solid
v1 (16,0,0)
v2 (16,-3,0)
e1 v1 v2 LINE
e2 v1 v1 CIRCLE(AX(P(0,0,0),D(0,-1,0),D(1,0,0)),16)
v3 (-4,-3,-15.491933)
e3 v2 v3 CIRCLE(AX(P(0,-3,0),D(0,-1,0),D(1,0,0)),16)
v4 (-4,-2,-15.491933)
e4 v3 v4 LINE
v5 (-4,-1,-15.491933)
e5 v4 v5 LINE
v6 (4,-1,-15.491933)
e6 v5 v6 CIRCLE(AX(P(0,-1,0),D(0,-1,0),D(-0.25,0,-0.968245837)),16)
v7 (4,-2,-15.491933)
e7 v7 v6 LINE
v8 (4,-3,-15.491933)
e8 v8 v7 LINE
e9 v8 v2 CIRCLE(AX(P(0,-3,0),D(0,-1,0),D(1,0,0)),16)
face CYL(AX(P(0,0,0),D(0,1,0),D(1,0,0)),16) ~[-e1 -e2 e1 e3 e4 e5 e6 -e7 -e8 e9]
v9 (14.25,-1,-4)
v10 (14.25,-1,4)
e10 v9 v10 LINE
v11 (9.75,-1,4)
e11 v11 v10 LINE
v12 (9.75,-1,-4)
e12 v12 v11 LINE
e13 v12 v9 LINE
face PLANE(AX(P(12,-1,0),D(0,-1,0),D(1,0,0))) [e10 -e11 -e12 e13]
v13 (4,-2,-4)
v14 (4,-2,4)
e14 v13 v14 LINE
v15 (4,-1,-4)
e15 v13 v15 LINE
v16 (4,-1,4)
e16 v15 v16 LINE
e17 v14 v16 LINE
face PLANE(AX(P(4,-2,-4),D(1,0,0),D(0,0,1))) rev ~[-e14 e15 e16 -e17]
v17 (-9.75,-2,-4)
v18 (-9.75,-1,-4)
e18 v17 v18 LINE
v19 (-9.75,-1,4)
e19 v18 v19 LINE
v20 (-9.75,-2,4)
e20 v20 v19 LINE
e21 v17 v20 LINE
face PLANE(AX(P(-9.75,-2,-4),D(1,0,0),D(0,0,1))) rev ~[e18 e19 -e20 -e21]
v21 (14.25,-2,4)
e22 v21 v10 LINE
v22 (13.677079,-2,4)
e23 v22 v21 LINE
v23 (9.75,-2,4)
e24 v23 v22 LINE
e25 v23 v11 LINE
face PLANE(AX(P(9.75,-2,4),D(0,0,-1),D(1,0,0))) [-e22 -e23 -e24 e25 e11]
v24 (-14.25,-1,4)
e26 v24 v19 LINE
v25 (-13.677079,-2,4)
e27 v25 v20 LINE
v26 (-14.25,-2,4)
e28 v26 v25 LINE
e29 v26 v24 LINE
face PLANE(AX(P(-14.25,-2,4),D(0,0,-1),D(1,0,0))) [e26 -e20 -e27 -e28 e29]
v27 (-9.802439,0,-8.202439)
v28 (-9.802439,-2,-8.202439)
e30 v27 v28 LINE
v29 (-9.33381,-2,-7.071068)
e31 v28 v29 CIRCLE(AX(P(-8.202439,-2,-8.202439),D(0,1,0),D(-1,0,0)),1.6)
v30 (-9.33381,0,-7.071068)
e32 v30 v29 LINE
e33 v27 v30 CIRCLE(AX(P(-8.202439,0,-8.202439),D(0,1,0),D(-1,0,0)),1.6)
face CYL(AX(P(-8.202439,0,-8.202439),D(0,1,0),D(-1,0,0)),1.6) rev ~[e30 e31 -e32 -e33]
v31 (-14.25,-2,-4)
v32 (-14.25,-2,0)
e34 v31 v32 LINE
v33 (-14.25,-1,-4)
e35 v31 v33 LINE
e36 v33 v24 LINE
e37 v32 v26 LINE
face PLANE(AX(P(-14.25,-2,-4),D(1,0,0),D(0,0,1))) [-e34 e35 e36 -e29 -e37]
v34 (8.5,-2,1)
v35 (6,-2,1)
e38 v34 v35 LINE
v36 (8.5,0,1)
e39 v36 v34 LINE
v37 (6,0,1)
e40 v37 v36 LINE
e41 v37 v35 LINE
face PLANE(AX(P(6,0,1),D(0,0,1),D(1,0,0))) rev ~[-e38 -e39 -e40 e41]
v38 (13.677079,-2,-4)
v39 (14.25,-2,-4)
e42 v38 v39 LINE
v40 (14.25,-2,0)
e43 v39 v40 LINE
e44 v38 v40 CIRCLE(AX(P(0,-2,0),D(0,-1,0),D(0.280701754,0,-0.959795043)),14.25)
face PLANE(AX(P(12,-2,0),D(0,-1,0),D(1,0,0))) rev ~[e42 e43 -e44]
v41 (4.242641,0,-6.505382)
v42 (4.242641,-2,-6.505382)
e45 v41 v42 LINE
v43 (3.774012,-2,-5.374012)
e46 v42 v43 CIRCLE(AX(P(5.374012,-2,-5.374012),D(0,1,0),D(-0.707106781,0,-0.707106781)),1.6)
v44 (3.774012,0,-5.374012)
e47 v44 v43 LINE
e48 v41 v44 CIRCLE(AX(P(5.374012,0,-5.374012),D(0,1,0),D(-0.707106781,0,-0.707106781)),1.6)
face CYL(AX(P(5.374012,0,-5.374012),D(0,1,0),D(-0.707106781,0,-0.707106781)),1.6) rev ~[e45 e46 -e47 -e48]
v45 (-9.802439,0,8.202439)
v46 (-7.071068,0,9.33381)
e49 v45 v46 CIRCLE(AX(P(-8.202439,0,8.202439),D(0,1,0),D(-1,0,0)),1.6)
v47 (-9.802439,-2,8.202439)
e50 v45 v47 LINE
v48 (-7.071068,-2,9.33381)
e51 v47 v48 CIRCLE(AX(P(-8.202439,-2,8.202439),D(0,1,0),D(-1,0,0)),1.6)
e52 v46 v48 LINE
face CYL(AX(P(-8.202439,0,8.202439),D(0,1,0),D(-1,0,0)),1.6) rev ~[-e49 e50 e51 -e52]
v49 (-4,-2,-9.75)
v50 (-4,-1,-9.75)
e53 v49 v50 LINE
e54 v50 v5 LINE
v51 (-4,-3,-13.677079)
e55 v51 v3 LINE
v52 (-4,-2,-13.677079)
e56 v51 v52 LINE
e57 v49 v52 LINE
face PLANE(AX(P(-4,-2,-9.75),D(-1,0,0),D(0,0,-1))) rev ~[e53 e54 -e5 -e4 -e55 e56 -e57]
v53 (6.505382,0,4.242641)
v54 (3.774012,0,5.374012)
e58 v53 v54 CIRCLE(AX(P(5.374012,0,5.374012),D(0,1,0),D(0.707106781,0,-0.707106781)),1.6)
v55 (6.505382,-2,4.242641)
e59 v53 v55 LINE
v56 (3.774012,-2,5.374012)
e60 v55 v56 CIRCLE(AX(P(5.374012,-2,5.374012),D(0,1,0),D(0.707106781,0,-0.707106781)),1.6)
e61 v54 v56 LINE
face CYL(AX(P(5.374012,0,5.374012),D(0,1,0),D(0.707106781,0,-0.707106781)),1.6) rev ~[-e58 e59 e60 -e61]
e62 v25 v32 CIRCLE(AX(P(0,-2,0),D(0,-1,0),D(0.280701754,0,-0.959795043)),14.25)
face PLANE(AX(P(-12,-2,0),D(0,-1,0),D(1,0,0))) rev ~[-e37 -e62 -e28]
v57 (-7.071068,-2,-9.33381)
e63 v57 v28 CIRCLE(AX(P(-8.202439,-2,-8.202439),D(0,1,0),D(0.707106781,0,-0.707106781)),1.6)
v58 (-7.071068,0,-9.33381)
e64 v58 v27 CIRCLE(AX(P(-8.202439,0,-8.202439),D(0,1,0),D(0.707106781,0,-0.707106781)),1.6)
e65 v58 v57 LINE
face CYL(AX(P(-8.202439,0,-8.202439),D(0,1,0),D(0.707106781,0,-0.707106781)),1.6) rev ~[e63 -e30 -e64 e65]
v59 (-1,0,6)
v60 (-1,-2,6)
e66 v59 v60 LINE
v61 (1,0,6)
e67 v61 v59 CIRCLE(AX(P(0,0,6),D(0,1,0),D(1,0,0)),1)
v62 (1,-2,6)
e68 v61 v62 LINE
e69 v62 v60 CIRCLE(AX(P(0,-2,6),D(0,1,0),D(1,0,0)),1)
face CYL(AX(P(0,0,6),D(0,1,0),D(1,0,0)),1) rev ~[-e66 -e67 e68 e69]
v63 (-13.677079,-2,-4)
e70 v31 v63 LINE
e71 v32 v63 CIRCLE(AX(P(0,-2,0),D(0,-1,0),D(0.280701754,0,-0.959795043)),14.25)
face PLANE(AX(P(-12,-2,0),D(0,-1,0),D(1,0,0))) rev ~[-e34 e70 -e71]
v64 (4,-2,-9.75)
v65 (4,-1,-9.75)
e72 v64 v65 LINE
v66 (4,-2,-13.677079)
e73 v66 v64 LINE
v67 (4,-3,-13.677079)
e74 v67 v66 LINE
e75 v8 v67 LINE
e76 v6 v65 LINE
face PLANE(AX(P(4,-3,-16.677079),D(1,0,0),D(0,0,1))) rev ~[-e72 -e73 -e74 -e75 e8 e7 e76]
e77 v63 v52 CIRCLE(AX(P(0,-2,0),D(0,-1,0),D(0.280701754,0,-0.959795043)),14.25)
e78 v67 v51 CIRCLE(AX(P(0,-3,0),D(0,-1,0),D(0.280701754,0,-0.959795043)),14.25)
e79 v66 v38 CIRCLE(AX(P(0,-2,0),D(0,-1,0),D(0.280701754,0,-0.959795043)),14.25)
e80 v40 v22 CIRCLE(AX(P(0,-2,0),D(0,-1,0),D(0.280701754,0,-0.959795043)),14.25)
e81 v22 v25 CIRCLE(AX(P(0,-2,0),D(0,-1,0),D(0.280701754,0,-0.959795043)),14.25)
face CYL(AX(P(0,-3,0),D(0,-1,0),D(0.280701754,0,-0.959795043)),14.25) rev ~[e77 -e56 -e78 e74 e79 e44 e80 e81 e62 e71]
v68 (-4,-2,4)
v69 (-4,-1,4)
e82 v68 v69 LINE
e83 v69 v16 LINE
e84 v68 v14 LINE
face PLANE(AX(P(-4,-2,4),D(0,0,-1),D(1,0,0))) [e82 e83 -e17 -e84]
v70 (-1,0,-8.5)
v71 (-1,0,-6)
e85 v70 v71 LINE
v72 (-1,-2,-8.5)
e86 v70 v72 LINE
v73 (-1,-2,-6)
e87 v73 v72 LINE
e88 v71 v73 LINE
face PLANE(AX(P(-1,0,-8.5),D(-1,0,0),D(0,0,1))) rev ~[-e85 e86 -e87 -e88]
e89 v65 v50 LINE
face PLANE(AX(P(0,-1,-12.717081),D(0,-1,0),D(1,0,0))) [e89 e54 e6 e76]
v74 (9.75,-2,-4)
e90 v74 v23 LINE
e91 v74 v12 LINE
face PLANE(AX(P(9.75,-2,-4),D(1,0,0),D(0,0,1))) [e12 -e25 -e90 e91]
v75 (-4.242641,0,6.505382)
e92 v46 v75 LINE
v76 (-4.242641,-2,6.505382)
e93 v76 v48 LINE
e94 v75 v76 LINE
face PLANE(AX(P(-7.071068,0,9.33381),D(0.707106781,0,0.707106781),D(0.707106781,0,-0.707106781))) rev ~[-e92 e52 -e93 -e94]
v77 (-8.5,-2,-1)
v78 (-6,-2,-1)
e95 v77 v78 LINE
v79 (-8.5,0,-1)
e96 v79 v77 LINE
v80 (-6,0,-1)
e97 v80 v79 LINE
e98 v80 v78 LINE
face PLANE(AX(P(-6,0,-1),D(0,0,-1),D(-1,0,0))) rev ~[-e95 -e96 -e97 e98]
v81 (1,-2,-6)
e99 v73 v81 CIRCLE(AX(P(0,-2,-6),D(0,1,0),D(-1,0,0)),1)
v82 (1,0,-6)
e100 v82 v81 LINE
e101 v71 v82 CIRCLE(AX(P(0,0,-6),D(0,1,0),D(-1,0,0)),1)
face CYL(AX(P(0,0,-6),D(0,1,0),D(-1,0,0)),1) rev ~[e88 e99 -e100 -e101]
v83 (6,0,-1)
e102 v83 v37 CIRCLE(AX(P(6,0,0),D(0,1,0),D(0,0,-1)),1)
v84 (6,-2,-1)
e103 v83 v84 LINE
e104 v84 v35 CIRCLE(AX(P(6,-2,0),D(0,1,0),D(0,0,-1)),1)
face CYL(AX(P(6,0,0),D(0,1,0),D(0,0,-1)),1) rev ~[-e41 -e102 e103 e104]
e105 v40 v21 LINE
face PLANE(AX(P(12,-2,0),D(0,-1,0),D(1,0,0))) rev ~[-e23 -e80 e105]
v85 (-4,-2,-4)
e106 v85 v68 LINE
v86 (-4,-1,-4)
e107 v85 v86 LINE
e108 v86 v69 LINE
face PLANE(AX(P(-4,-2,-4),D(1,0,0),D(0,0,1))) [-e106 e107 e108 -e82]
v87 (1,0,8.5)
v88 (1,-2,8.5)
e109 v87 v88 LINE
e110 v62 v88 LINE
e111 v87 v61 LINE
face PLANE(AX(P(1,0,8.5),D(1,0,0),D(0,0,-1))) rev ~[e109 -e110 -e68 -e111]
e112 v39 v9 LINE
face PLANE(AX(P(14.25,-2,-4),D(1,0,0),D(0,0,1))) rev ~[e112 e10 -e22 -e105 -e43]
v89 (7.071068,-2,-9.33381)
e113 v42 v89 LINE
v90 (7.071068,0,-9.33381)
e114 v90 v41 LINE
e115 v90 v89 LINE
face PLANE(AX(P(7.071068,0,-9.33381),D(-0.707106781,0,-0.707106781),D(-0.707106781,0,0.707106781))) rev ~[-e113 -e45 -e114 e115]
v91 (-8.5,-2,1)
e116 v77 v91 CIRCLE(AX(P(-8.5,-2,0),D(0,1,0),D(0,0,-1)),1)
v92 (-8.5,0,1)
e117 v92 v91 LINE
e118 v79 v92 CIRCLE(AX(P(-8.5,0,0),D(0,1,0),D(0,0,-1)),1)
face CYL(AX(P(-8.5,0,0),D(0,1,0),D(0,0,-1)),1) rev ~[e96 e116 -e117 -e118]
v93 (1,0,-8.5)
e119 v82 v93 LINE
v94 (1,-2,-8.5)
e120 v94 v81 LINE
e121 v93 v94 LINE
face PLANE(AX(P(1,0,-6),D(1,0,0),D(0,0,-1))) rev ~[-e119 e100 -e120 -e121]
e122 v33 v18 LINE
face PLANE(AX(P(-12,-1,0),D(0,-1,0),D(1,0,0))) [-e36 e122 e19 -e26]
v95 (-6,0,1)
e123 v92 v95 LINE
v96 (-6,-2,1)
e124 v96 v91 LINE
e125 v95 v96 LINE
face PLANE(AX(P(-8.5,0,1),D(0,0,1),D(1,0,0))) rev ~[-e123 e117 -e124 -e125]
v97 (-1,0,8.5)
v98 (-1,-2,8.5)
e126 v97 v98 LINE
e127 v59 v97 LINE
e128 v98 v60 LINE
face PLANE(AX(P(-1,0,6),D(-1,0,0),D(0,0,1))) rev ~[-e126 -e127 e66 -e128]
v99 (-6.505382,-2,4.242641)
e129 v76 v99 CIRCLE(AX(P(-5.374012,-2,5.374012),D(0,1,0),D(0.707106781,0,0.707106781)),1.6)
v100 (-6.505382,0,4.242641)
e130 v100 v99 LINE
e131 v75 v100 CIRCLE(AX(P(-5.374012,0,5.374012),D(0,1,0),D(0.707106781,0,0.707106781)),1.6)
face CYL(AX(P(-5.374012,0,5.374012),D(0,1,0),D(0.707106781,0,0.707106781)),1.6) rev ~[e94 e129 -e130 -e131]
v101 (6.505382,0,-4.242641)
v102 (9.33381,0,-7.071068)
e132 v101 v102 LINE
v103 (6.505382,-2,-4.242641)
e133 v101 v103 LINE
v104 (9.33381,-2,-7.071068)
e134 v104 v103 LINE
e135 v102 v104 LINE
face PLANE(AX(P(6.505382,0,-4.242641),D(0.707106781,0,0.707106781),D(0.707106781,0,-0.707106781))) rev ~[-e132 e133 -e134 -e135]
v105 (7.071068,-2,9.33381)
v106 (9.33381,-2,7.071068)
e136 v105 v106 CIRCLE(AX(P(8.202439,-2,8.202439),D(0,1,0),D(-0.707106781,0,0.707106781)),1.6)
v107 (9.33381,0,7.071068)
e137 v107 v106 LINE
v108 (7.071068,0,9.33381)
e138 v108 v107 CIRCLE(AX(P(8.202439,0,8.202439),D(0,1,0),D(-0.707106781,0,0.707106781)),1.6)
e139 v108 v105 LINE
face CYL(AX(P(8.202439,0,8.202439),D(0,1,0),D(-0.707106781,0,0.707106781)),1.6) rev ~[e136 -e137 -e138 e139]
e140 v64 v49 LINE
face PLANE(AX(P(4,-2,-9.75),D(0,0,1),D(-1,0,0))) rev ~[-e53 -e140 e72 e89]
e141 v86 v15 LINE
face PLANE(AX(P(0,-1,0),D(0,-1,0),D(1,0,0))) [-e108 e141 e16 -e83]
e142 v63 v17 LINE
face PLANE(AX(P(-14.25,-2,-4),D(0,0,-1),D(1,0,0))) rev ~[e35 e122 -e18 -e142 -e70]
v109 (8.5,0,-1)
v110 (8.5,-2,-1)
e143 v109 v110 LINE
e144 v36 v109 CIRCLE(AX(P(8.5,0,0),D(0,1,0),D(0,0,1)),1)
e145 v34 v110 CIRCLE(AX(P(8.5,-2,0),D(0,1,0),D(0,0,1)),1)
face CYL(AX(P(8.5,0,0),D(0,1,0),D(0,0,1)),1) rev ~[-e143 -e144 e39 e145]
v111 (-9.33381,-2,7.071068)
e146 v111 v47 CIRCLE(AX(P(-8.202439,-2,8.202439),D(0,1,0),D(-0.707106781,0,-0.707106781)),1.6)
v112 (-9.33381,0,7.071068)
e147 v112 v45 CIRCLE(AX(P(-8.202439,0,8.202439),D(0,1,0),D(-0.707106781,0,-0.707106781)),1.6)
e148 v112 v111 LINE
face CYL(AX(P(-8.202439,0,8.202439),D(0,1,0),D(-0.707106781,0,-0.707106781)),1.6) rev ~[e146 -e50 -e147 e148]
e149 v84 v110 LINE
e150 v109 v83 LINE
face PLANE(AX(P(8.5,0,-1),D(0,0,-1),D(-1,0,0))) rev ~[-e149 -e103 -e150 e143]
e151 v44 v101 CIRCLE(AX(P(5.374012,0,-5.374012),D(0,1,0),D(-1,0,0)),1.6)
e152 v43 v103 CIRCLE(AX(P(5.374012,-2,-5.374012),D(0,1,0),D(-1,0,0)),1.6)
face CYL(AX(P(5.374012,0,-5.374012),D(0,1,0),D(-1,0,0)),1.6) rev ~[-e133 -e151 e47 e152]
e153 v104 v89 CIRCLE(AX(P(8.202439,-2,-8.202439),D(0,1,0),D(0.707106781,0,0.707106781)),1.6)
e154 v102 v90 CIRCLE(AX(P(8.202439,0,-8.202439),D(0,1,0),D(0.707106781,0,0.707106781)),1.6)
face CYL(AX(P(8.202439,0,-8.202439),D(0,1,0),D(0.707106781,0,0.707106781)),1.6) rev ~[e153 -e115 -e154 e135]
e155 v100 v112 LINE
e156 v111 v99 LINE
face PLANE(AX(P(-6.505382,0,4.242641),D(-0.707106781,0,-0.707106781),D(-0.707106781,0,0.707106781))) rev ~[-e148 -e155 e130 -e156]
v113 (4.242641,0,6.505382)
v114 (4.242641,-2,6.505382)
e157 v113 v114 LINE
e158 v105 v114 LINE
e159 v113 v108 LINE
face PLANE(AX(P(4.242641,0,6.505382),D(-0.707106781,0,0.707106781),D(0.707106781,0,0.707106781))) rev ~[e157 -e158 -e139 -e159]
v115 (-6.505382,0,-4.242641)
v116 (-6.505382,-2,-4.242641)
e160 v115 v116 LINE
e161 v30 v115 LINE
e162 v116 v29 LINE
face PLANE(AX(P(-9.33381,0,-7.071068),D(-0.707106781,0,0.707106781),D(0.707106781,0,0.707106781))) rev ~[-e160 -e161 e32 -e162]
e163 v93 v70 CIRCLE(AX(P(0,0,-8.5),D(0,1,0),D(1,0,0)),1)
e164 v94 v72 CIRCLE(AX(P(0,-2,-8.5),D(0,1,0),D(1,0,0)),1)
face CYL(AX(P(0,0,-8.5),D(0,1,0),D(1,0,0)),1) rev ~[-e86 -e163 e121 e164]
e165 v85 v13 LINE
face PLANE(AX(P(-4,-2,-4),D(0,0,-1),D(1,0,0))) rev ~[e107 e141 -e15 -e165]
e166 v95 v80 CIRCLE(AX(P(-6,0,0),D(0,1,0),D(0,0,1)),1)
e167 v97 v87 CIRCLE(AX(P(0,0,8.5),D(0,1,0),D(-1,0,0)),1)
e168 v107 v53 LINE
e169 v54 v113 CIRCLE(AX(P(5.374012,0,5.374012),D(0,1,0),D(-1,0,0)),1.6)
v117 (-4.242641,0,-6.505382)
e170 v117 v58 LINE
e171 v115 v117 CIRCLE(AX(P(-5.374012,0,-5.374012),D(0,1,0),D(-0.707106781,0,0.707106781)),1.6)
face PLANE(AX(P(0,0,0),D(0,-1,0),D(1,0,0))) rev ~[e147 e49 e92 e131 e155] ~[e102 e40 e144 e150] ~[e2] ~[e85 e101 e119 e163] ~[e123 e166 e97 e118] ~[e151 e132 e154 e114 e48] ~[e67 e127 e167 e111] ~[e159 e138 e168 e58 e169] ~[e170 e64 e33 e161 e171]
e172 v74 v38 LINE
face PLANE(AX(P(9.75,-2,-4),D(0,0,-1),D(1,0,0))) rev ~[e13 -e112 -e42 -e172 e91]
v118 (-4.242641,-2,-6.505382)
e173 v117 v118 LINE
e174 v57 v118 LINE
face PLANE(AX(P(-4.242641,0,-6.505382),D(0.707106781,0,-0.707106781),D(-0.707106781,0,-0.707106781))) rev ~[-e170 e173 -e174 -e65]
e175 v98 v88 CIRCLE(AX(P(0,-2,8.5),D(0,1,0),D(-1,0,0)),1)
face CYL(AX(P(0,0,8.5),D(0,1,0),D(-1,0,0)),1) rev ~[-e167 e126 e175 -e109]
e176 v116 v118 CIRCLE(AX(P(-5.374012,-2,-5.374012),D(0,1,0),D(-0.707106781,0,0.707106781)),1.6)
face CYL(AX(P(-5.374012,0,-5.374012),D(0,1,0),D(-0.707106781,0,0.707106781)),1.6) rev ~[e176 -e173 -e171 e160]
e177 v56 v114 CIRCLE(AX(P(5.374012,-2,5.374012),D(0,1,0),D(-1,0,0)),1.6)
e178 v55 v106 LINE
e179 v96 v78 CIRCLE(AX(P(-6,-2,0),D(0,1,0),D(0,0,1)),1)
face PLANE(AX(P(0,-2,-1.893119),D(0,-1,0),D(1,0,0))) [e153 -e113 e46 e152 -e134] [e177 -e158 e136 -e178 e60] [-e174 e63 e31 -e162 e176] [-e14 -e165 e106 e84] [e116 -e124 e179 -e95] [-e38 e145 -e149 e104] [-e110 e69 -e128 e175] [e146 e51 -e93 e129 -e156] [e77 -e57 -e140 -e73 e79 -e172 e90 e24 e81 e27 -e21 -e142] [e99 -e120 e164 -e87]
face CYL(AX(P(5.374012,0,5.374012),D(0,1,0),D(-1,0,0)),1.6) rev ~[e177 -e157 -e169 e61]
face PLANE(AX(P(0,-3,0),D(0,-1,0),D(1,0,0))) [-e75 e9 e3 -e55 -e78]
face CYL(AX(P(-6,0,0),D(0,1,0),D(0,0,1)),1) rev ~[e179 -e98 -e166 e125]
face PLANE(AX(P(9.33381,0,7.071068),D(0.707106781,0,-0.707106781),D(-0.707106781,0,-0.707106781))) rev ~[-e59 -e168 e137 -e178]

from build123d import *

# Parameters (mm, degrees)
F0_R     = 16
F1_DEPTH = 3
F3_DEPTH = 1
F4_W     = 8
F4_H     = 8
F4_W_2   = 4.5
F5_DEPTH = 1
F7_DEPTH = 3.001
F9_DEPTH = 3.001


with BuildPart() as f1:
    # F0 (on Front) → F1 (new body)
    with BuildSketch(Plane.XZ):
        Circle(F0_R)
    extrude(amount=F1_DEPTH)

    # F2 (on face) → F3 (cut)
    with BuildSketch(Plane.XZ.offset(3)):
        with BuildLine():
            Line((4, -16.6770793666), (4, -13.6770793666))
            ThreePointArc((4, -13.6770793666), (0, 14.25), (-4, -13.6770793666))
            Line((-4, -13.6770793666), (-4, -16.6770793666))
            Line((-4, -16.6770793666), (4, -16.6770793666))
        make_face()
    extrude(amount=-F3_DEPTH, mode=Mode.SUBTRACT)

    # F4 (on face) → F5 (cut)
    with BuildSketch(Plane.XZ.offset(2)):
        Rectangle(F4_W, F4_H)
        with Locations((-12, 0)):
            Rectangle(F4_W_2, F4_H)
        with Locations((12, 0)):
            Rectangle(F4_W_2, F4_H)
        with BuildLine():
            Line((4, -13.6770793666), (4, -9.75))
            Line((4, -9.75), (-4, -9.75))
            Line((-4, -9.75), (-4, -13.6770793666))
            Line((-4, -13.6770793666), (-4, -14.25))
            Line((-4, -14.25), (-4, -15.4919333848))
            ThreePointArc((-4, -15.4919333848), (0, -16), (4, -15.4919333848))
            Line((4, -15.4919333848), (4, -14.25))
            Line((4, -14.25), (4, -13.6770793666))
        make_face()
    extrude(amount=-F5_DEPTH, mode=Mode.SUBTRACT)

    # F6 (on face) → F7 (cut, through all)
    with BuildSketch(Plane(origin=(0, 0, 0), x_dir=(-1, 0, 0), z_dir=(0, 1, 0))):
        with BuildLine():
            Line((1, 6), (1, 8.5))
            ThreePointArc((1, 8.5), (0, 9.5), (-1, 8.5))
            Line((-1, 8.5), (-1, 6))
            ThreePointArc((-1, 6), (0, 5), (1, 6))
        make_face()
        with BuildLine():
            ThreePointArc((-8.5, 1), (-9.5, 0), (-8.5, -1))
            Line((-8.5, -1), (-6, -1))
            ThreePointArc((-6, -1), (-5, 0), (-6, 1))
            Line((-6, 1), (-8.5, 1))
        make_face()
        with BuildLine():
            ThreePointArc((-1, -8.5), (0, -9.5), (1, -8.5))
            Line((1, -8.5), (1, -6))
            ThreePointArc((1, -6), (0, -5), (-1, -6))
            Line((-1, -6), (-1, -8.5))
        make_face()
        with BuildLine():
            ThreePointArc((8.5, -1), (9.5, 0), (8.5, 1))
            Line((8.5, 1), (6, 1))
            ThreePointArc((6, 1), (5, 0), (6, -1))
            Line((6, -1), (8.5, -1))
        make_face()
    extrude(amount=-F7_DEPTH, mode=Mode.SUBTRACT)

    # F8 (on face) → F9 (cut, through all)
    with BuildSketch(Plane(origin=(0, 0, 0), x_dir=(-1, 0, 0), z_dir=(0, 1, 0))):
        with BuildLine():
            ThreePointArc((-7.0710678119, -9.3338095117), (-6.7242314097, -8.8147321535), (-6.6024386618, -8.2024386618))
            ThreePointArc((-6.6024386618, -8.2024386618), (-7.59014517, -6.7242314097), (-9.3338095117, -7.0710678119))
            ThreePointArc((-9.3338095117, -7.0710678119), (-9.3338095117, -9.3338095117), (-7.0710678119, -9.3338095117))
        make_face()
        with BuildLine():
            ThreePointArc((-9.3338095117, -7.0710678119), (-7.59014517, -6.7242314097), (-6.6024386618, -8.2024386618))
            ThreePointArc((-6.6024386618, -8.2024386618), (-6.7242314097, -8.8147321535), (-7.0710678119, -9.3338095117))
            Line((-7.0710678119, -9.3338095117), (-4.2426406871, -6.5053823869))
            ThreePointArc((-4.2426406871, -6.5053823869), (-6.5053823869, -6.5053823869), (-6.5053823869, -4.2426406871))
            Line((-6.5053823869, -4.2426406871), (-9.3338095117, -7.0710678119))
        make_face()
        with BuildLine():
            ThreePointArc((-3.774011537, -5.374011537), (-4.7617180452, -3.895804285), (-6.5053823869, -4.2426406871))
            ThreePointArc((-6.5053823869, -4.2426406871), (-6.5053823869, -6.5053823869), (-4.2426406871, -6.5053823869))
            ThreePointArc((-4.2426406871, -6.5053823869), (-3.895804285, -5.9863050288), (-3.774011537, -5.374011537))
        make_face()
        with BuildLine():
            Line((9.3338095117, -7.0710678119), (6.5053823869, -4.2426406871))
            ThreePointArc((6.5053823869, -4.2426406871), (6.852218789, -4.7617180452), (6.974011537, -5.374011537))
            ThreePointArc((6.974011537, -5.374011537), (5.9863050288, -6.852218789), (4.2426406871, -6.5053823869))
            Line((4.2426406871, -6.5053823869), (7.0710678119, -9.3338095117))
            ThreePointArc((7.0710678119, -9.3338095117), (7.0710678119, -7.0710678119), (9.3338095117, -7.0710678119))
        make_face()
        with BuildLine():
            ThreePointArc((6.974011537, -5.374011537), (6.852218789, -4.7617180452), (6.5053823869, -4.2426406871))
            ThreePointArc((6.5053823869, -4.2426406871), (4.2426406871, -4.2426406871), (4.2426406871, -6.5053823869))
            ThreePointArc((4.2426406871, -6.5053823869), (5.9863050288, -6.852218789), (6.974011537, -5.374011537))
        make_face()
        with BuildLine():
            ThreePointArc((9.8024386618, -8.2024386618), (9.6806459138, -7.59014517), (9.3338095117, -7.0710678119))
            ThreePointArc((9.3338095117, -7.0710678119), (7.0710678119, -7.0710678119), (7.0710678119, -9.3338095117))
            ThreePointArc((7.0710678119, -9.3338095117), (8.8147321535, -9.6806459138), (9.8024386618, -8.2024386618))
        make_face()
        with BuildLine():
            Line((7.0710678119, 9.3338095117), (4.2426406871, 6.5053823869))
            ThreePointArc((4.2426406871, 6.5053823869), (5.9863050288, 6.852218789), (6.974011537, 5.374011537))
            ThreePointArc((6.974011537, 5.374011537), (6.852218789, 4.7617180452), (6.5053823869, 4.2426406871))
            Line((6.5053823869, 4.2426406871), (9.3338095117, 7.0710678119))
            ThreePointArc((9.3338095117, 7.0710678119), (7.0710678119, 7.0710678119), (7.0710678119, 9.3338095117))
        make_face()
        with BuildLine():
            ThreePointArc((6.974011537, 5.374011537), (5.9863050288, 6.852218789), (4.2426406871, 6.5053823869))
            ThreePointArc((4.2426406871, 6.5053823869), (4.2426406871, 4.2426406871), (6.5053823869, 4.2426406871))
            ThreePointArc((6.5053823869, 4.2426406871), (6.852218789, 4.7617180452), (6.974011537, 5.374011537))
        make_face()
        with BuildLine():
            ThreePointArc((9.8024386618, 8.2024386618), (8.8147321535, 9.6806459138), (7.0710678119, 9.3338095117))
            ThreePointArc((7.0710678119, 9.3338095117), (7.0710678119, 7.0710678119), (9.3338095117, 7.0710678119))
            ThreePointArc((9.3338095117, 7.0710678119), (9.6806459138, 7.59014517), (9.8024386618, 8.2024386618))
        make_face()
        with BuildLine():
            Line((-9.3338095117, 7.0710678119), (-6.5053823869, 4.2426406871))
            ThreePointArc((-6.5053823869, 4.2426406871), (-6.5053823869, 6.5053823869), (-4.2426406871, 6.5053823869))
            Line((-4.2426406871, 6.5053823869), (-7.0710678119, 9.3338095117))
            ThreePointArc((-7.0710678119, 9.3338095117), (-6.7242314097, 8.8147321535), (-6.6024386618, 8.2024386618))
            ThreePointArc((-6.6024386618, 8.2024386618), (-7.59014517, 6.7242314097), (-9.3338095117, 7.0710678119))
        make_face()
        with BuildLine():
            ThreePointArc((-4.2426406871, 6.5053823869), (-6.5053823869, 6.5053823869), (-6.5053823869, 4.2426406871))
            ThreePointArc((-6.5053823869, 4.2426406871), (-4.7617180452, 3.895804285), (-3.774011537, 5.374011537))
            ThreePointArc((-3.774011537, 5.374011537), (-3.895804285, 5.9863050288), (-4.2426406871, 6.5053823869))
        make_face()
        with BuildLine():
            ThreePointArc((-7.0710678119, 9.3338095117), (-9.3338095117, 9.3338095117), (-9.3338095117, 7.0710678119))
            ThreePointArc((-9.3338095117, 7.0710678119), (-7.59014517, 6.7242314097), (-6.6024386618, 8.2024386618))
            ThreePointArc((-6.6024386618, 8.2024386618), (-6.7242314097, 8.8147321535), (-7.0710678119, 9.3338095117))
        make_face()
    extrude(amount=-F9_DEPTH, mode=Mode.SUBTRACT)


solid = f1.part
